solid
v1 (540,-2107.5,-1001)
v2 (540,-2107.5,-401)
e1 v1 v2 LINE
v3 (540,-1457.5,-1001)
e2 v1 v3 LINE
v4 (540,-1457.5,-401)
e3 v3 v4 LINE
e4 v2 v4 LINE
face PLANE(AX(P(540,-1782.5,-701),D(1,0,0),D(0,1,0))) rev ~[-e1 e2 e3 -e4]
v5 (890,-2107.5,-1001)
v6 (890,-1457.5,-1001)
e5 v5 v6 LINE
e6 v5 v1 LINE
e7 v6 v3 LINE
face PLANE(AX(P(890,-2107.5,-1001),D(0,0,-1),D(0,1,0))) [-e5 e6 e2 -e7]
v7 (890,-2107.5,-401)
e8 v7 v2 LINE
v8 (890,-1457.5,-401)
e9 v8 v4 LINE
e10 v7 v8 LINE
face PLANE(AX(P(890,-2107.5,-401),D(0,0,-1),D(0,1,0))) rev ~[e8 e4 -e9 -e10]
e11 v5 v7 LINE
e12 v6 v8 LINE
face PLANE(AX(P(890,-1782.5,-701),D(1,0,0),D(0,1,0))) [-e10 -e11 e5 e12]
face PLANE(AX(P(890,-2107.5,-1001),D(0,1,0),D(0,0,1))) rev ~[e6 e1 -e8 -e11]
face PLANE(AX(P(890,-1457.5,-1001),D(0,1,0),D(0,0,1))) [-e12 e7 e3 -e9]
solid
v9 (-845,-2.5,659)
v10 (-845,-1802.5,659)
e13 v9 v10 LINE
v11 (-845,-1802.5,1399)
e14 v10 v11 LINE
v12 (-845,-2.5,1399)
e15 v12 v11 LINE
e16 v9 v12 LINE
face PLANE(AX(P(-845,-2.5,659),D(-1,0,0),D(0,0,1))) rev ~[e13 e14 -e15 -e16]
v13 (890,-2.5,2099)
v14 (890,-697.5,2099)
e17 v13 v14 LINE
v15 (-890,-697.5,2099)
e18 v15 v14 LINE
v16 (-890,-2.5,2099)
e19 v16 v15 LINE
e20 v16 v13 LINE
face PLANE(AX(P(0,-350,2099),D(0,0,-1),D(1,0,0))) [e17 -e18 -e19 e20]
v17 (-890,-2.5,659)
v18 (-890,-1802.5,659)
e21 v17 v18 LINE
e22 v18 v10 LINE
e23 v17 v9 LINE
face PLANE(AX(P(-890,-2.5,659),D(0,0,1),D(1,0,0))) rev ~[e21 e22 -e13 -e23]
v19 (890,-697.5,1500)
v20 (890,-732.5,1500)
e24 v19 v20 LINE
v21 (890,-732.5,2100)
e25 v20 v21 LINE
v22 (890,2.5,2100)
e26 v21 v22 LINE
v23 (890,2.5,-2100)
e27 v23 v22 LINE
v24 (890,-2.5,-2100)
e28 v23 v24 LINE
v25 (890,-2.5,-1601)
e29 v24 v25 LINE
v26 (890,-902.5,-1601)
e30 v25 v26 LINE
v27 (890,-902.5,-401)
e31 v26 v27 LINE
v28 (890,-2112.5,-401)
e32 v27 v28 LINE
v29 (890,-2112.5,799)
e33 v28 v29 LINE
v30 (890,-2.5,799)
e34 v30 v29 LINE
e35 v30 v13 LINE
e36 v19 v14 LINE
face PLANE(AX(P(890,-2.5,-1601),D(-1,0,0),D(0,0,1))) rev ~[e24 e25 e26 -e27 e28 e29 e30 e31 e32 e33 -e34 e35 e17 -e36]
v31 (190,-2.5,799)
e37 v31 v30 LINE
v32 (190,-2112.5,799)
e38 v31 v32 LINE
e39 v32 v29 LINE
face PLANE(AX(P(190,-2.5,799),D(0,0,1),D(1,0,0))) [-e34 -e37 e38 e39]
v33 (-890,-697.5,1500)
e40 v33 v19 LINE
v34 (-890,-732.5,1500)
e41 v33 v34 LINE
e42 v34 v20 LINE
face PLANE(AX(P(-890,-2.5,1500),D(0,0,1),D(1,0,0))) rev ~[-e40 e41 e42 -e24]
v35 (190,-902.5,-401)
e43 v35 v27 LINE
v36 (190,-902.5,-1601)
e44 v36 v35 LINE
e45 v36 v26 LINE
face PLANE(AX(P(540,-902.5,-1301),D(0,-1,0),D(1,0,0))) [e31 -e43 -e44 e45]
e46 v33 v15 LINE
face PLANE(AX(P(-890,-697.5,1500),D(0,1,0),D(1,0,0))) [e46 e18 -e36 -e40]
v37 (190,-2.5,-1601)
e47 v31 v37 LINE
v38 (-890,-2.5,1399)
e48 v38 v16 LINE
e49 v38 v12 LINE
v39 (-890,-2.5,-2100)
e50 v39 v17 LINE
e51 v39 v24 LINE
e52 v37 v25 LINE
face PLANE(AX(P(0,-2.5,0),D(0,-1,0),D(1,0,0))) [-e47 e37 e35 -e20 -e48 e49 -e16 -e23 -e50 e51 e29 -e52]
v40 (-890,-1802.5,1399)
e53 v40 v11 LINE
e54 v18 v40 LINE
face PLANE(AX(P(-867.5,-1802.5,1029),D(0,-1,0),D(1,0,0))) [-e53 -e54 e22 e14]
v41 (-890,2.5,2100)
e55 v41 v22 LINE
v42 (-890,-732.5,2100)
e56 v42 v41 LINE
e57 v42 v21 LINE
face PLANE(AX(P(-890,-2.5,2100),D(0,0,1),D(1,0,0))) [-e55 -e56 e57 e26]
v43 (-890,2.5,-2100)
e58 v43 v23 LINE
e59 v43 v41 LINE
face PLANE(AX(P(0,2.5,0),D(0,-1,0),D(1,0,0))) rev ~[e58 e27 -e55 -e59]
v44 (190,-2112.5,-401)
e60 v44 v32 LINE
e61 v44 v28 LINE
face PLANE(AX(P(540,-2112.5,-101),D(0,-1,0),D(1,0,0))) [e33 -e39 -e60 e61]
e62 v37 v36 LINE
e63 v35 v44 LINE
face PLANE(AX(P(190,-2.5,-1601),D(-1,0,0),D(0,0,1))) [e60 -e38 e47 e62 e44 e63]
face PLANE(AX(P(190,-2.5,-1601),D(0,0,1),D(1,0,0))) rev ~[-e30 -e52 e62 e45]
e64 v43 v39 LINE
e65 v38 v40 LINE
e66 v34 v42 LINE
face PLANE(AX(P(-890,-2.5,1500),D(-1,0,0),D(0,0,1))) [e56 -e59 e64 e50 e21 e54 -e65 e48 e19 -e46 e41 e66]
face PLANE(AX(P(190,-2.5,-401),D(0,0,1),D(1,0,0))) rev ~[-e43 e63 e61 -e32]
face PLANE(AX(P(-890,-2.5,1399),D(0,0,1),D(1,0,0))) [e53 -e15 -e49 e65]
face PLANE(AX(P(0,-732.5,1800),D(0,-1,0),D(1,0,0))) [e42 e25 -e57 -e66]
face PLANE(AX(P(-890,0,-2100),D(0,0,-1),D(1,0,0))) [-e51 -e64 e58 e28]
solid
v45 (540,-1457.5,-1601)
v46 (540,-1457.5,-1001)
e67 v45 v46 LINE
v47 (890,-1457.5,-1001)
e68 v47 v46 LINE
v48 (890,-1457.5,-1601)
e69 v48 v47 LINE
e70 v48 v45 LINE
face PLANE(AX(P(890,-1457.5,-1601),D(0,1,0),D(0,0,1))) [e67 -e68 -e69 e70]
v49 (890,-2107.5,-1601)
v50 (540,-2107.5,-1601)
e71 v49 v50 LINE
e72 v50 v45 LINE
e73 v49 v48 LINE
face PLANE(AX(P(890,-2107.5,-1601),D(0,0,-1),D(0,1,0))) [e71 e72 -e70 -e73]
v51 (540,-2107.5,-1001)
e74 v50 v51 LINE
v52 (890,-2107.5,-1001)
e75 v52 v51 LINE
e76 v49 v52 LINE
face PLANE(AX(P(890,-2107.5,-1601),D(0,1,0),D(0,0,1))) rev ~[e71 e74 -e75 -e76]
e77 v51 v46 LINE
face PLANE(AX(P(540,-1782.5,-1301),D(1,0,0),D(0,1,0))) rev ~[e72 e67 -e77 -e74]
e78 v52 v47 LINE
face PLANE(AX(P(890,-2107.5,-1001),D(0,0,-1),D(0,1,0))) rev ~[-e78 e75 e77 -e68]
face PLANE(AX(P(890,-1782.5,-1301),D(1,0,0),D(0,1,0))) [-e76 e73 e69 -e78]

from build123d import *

# Parameters (mm, degrees)
F0_W      = 1780
F0_H      = 4200
F1_DEPTH  = 2.5
F2_W      = 1780
F2_H      = 600
F3_DEPTH  = 730
F4_W      = 1780
F4_H      = 695
F5_DEPTH  = 599
F6_W      = 700
F6_H      = 600
F7_DEPTH  = 2110
F8_W      = 700
F8_H      = 600
F9_DEPTH  = 2110
F10_W     = 700
F10_H     = 600
F11_DEPTH = 900
F12_W     = 700
F12_H     = 600
F13_DEPTH = 900
F14_W     = 650
F14_H     = 600
F15_DEPTH = 350
F16_W     = 650
F16_H     = 600
F17_DEPTH = 350
F6_W_2    = 45
F6_H_2    = 740
F18_DEPTH = 1800


with BuildPart() as f1:
    # F0 (on Front) → F1 (new body, symmetric)
    with BuildSketch(Plane.XZ):
        Rectangle(F0_W, F0_H)
    extrude(amount=F1_DEPTH, both=True)

    # F2 (on face) → F3 (join)
    with BuildSketch(Plane.XZ.offset(2.5)):
        with Locations((0, 1800)):
            Rectangle(F2_W, F2_H)
    extrude(amount=F3_DEPTH)

    # F4 (on face) → F5 (cut)
    with BuildSketch(Plane(origin=(0, 0, 1500), x_dir=(1, 0, 0), z_dir=(0, 0, -1))):
        with Locations((0, 350)):
            Rectangle(F4_W, F4_H)
    extrude(amount=-F5_DEPTH, mode=Mode.SUBTRACT)

    # F6 (on face) → F7 (join)
    with BuildSketch(Plane.XZ.offset(2.5)):
        with Locations((540, 499)):
            Rectangle(F6_W, F6_H)
    extrude(amount=F7_DEPTH)

    # F8 (on face) → F9 (join)
    with BuildSketch(Plane.XZ.offset(2.5)):
        with Locations((540, -101)):
            Rectangle(F8_W, F8_H)
    extrude(amount=F9_DEPTH)

    # F10 (on face) → F11 (join)
    with BuildSketch(Plane.XZ.offset(2.5)):
        with Locations((540, -701)):
            Rectangle(F10_W, F10_H)
    extrude(amount=F11_DEPTH)

    # F12 (on face) → F13 (join)
    with BuildSketch(Plane.XZ.offset(2.5)):
        with Locations((540, -1301)):
            Rectangle(F12_W, F12_H)
    extrude(amount=F13_DEPTH)

    # F6 (on face) → F18 (join)
    with BuildSketch(Plane.XZ.offset(2.5)):
        with Locations((-867.5, 1029)):
            Rectangle(F6_W_2, F6_H_2)
    extrude(amount=F18_DEPTH)


with BuildPart() as f15:
    # F14 (on face) → F15 (new body)
    with BuildSketch(Plane.YZ.offset(890)):
        with Locations((-1782.5, -701)):
            Rectangle(F14_W, F14_H)
    extrude(amount=-F15_DEPTH)


with BuildPart() as f17:
    # F16 (on face) → F17 (new body)
    with BuildSketch(Plane.YZ.offset(890)):
        with Locations((-1782.5, -1301)):
            Rectangle(F16_W, F16_H)
    extrude(amount=-F17_DEPTH)


solid = Compound([f1.part, f15.part, f17.part])
